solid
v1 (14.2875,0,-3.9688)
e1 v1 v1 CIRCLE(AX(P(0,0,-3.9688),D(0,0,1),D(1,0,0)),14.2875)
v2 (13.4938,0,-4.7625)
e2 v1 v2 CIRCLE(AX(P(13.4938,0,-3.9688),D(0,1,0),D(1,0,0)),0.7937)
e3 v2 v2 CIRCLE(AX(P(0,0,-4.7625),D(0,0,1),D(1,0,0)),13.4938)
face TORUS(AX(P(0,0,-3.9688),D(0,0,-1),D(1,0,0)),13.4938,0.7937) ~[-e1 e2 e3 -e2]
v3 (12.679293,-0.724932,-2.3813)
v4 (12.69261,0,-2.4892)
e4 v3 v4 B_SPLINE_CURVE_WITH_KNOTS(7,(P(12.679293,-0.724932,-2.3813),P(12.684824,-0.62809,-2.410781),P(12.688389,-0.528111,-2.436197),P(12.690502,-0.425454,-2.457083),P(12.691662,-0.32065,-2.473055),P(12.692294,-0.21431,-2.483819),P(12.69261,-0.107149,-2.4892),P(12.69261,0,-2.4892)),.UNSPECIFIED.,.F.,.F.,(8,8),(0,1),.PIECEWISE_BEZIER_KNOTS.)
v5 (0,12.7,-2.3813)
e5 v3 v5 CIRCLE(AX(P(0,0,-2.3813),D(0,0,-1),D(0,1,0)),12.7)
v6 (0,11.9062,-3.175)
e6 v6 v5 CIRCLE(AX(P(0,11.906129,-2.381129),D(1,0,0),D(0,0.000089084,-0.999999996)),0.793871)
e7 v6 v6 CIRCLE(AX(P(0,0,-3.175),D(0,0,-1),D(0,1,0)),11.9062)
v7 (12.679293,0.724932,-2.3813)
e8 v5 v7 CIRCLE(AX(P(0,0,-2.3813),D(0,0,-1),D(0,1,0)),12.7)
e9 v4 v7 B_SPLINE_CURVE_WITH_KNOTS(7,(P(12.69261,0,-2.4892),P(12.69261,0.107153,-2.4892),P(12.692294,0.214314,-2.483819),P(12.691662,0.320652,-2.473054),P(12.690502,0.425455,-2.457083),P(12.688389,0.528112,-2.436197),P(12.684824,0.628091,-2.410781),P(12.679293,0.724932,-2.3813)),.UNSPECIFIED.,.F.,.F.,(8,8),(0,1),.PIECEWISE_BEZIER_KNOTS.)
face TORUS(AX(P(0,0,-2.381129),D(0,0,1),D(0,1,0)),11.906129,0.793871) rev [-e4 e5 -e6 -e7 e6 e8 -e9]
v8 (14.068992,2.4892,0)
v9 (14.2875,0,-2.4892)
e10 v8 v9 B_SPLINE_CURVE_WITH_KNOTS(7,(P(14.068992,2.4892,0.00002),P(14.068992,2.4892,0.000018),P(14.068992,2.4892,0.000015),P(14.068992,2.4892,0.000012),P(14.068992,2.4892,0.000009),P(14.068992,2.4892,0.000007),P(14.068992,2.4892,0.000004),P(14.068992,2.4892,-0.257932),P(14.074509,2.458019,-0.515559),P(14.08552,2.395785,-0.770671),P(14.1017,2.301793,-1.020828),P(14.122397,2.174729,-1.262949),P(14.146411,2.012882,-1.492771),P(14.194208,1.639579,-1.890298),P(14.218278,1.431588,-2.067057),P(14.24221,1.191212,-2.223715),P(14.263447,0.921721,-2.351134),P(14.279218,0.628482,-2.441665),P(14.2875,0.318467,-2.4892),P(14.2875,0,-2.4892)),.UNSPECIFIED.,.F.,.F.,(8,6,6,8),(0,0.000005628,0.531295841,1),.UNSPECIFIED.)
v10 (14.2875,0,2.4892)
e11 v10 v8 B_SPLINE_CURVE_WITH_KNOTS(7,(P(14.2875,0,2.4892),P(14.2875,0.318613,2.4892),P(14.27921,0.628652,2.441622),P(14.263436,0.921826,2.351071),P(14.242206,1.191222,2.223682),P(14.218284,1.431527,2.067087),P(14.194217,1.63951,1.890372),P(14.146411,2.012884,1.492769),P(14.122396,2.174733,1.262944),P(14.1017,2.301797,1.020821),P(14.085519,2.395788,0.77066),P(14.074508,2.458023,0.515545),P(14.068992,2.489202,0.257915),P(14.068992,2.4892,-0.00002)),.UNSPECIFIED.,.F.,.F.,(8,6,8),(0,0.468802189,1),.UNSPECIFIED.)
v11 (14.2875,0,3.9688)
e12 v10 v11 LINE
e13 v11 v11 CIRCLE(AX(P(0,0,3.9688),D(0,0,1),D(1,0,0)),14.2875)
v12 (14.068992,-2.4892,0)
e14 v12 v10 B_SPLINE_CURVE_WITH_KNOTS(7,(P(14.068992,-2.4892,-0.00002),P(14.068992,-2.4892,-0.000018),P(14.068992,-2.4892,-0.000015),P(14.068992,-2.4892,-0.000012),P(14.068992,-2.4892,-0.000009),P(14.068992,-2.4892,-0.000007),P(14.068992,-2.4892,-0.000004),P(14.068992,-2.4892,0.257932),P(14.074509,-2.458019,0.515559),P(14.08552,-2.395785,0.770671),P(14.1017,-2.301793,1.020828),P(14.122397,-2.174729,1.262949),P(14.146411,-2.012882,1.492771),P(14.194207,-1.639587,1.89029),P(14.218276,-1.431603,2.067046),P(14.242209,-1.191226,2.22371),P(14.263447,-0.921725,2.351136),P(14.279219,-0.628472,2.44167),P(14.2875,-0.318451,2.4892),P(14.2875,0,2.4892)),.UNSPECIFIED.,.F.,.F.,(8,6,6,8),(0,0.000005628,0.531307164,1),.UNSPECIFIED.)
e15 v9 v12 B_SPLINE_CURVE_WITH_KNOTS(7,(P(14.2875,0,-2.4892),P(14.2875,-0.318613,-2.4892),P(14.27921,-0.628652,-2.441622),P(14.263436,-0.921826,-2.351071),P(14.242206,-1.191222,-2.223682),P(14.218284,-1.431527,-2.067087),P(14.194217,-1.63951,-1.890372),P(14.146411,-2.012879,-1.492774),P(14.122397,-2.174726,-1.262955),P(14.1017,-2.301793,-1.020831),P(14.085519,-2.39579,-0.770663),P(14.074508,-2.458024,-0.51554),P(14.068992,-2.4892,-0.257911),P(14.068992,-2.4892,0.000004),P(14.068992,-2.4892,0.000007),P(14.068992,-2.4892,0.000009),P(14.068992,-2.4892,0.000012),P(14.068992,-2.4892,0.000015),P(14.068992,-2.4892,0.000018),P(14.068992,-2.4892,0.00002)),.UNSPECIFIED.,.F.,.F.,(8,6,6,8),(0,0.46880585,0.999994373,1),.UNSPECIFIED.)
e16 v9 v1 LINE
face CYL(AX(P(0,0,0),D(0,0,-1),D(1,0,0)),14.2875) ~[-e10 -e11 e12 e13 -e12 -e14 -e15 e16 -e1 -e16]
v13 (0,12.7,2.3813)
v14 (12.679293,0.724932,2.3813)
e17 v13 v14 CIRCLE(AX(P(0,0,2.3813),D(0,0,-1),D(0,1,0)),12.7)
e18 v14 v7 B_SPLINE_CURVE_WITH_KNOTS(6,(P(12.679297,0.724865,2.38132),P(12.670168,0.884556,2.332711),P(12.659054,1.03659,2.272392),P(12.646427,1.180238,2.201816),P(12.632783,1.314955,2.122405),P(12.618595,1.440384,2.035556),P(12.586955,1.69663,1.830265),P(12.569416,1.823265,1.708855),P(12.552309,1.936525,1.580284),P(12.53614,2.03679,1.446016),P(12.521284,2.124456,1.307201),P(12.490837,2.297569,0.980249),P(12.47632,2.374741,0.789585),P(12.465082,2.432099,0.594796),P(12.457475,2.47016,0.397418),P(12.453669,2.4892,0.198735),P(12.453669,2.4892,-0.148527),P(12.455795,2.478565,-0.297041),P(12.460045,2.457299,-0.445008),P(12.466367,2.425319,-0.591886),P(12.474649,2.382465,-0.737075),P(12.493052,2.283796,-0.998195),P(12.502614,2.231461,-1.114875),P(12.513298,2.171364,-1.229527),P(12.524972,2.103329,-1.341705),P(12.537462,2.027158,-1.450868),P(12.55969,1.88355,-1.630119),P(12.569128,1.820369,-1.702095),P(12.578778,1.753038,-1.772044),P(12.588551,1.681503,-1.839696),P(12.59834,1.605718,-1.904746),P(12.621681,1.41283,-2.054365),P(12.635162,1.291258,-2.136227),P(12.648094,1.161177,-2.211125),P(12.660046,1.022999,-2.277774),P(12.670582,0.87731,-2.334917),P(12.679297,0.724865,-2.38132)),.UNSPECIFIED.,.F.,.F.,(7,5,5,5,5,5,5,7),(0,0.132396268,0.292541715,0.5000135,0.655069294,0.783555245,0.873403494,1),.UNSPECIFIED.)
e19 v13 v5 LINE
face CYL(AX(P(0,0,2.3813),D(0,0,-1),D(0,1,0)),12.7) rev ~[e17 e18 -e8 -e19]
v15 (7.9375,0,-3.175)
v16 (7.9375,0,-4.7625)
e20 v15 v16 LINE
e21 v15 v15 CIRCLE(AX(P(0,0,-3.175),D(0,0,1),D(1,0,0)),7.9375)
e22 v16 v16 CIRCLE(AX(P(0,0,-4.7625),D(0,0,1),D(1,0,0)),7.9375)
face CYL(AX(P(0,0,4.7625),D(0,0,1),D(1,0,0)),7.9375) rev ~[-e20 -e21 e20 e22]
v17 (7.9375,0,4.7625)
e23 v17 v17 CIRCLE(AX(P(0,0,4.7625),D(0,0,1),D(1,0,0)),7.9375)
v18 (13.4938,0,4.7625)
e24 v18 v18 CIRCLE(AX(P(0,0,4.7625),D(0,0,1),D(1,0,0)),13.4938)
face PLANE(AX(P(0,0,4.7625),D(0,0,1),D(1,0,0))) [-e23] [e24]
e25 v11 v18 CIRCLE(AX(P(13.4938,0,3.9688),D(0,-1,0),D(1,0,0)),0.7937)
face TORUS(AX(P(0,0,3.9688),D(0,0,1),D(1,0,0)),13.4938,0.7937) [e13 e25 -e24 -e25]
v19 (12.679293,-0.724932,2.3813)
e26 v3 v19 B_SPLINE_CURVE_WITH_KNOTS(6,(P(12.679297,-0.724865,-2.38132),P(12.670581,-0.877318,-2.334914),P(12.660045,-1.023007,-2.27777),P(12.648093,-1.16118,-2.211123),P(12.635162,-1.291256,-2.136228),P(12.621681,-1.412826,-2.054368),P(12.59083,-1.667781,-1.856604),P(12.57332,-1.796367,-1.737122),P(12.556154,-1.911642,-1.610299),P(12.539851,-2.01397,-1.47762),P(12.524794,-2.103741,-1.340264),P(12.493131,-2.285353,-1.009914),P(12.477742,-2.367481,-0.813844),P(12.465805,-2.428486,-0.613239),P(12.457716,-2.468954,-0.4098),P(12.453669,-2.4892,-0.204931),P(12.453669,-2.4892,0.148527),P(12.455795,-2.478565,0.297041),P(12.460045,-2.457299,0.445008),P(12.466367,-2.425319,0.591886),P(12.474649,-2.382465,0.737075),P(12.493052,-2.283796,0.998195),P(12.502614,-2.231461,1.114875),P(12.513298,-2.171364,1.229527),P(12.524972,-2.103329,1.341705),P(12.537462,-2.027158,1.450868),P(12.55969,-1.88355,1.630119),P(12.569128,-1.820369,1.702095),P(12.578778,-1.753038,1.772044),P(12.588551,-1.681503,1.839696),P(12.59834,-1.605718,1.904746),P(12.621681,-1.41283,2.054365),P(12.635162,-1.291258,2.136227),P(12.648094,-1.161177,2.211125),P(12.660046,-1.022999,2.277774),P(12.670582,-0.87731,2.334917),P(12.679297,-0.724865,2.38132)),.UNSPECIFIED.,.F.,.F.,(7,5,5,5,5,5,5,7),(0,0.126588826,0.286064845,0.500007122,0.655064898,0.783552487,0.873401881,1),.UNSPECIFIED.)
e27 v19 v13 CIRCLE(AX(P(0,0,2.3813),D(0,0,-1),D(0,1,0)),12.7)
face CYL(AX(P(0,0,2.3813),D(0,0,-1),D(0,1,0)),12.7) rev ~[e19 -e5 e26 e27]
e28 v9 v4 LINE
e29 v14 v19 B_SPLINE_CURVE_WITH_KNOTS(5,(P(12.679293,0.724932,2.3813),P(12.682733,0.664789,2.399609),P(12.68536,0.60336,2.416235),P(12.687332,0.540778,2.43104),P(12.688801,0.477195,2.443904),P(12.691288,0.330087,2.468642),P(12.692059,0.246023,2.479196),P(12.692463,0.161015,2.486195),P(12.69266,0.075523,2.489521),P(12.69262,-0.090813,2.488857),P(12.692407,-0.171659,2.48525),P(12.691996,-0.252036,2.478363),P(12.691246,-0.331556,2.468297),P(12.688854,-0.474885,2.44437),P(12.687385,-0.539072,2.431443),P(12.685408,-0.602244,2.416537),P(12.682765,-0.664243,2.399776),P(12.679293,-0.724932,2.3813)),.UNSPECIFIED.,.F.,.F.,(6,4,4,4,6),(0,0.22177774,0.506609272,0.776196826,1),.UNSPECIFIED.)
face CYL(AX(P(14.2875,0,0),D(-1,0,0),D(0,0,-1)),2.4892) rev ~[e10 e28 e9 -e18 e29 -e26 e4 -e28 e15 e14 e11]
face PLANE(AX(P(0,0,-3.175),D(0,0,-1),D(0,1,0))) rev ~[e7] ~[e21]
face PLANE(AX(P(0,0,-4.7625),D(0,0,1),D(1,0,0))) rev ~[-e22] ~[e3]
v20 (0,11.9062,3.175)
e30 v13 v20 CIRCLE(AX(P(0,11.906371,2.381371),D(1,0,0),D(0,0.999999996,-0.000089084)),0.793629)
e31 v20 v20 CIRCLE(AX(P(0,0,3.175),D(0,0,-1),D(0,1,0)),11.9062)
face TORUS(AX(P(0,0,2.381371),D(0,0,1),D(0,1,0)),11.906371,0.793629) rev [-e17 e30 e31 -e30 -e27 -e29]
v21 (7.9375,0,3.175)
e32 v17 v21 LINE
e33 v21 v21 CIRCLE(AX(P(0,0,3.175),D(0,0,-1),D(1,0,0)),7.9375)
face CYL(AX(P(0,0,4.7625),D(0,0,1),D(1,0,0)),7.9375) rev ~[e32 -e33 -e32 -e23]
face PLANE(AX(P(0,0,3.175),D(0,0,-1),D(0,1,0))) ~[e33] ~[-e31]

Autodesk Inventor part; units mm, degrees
ref_plane "XZ Plane" through (0, 0, 0) normal (0, 1, 0) x (-1, 0, 0)
ref_plane "XY Plane" through (0, 0, 0) normal (0, 0, 1) x (1, 0, 0)
sketch "Sketch1" plane through (0, 0, 0) normal (0, 0, 1) x (1, 0, 0)
  circle A0 centre (0, 0) radius 14.2875
  dimension "d0" = 28.575
extrude "Extrusion1" add sketch "Sketch1" along normal mid plane 9.525
fillet "Fillet1" radius 0.7937 2 edges at (-14.2875, 0, 4.7625) (-14.2875, 0, -4.7625)
sketch "Sketch2" plane through (0, 0, 4.7625) normal (0, 0, 1) x (1, 0, 0)
  circle A0 centre (0, 0) radius 13.4938 projected
  circle A1 centre (0, 0) radius 7.9375
  dimension "d4" = 15.875
extrude "Extrusion2" cut sketch "Sketch2" against normal up to next contours A1
sketch "Sketch3" plane through (0, 0, 0) normal (1, 0, 0) x (0, 1, 0)
  line L0 (7.9375, 3.175) -> (11.9062, 3.175)
  line L1 (12.7, 2.3813) -> (12.7, -2.3813)
  line L2 (11.9062, -3.175) -> (7.9375, -3.175)
  line L3 (7.9375, -3.175) -> (7.9375, 3.175)
  line L4 (-13.4938, 4.7625) -> (13.4938, 4.7625) projected
  line L5 (13.4938, -4.7625) -> (-13.4938, -4.7625) projected
  line L6 (14.2875, -3.9688) -> (14.2875, 3.9688) projected
  line L7 (7.9375, 4.7625) -> (7.9375, -4.7625) projected
  arc A0 (12.7, 2.3813) -> (11.9062, 3.175) centre (11.9062, 2.3813) ccw
  arc A1 (11.9062, -3.175) -> (12.7, -2.3813) centre (11.9062, -2.3813) ccw
  line L8 (0, 4.7625) -> (0, -4.7625)
  point P0 (0, 0)
  dimension "d7" = 1.5875
  dimension "d8" = 1.5875
  dimension "d9" = 1.5875
  dimension "d10" = 0.7937
revolve "Revolution1" cut sketch "Sketch3" angle 360 about axis through (0, 0, 4.7625) along (0, 0, -1) contours L0 A0 L1 A1 L2 L3
ref_plane "Work Plane1" through (14.2875, 0, 0) normal (1, 0, 0) x (0, 1, 0)
sketch "Sketch4" plane through (14.2875, 0, 0) normal (1, 0, 0) x (0, 1, 0)
  line L0 (13.4938, -4.7625) -> (-13.4937, -4.7625) projected
  line L1 (14.2875, -3.9688) -> (14.2875, 3.9688) projected
  point P0 (0, 0)
  point P1 (0, 0)
hole "Hole1" at (14.2875, 0, 0) direction (-1, 0, 0) diameter 4.9784 depth 25.4 tip angle 118 thread size "1/4-20 UNC" class "2B" standard "ANSI Unified Screw Threads"
equation "\"d8\" = d7"
equation "\"d9\" = d7"
properties part number "Misc_ShaftCollar_Triangle_SC10"
